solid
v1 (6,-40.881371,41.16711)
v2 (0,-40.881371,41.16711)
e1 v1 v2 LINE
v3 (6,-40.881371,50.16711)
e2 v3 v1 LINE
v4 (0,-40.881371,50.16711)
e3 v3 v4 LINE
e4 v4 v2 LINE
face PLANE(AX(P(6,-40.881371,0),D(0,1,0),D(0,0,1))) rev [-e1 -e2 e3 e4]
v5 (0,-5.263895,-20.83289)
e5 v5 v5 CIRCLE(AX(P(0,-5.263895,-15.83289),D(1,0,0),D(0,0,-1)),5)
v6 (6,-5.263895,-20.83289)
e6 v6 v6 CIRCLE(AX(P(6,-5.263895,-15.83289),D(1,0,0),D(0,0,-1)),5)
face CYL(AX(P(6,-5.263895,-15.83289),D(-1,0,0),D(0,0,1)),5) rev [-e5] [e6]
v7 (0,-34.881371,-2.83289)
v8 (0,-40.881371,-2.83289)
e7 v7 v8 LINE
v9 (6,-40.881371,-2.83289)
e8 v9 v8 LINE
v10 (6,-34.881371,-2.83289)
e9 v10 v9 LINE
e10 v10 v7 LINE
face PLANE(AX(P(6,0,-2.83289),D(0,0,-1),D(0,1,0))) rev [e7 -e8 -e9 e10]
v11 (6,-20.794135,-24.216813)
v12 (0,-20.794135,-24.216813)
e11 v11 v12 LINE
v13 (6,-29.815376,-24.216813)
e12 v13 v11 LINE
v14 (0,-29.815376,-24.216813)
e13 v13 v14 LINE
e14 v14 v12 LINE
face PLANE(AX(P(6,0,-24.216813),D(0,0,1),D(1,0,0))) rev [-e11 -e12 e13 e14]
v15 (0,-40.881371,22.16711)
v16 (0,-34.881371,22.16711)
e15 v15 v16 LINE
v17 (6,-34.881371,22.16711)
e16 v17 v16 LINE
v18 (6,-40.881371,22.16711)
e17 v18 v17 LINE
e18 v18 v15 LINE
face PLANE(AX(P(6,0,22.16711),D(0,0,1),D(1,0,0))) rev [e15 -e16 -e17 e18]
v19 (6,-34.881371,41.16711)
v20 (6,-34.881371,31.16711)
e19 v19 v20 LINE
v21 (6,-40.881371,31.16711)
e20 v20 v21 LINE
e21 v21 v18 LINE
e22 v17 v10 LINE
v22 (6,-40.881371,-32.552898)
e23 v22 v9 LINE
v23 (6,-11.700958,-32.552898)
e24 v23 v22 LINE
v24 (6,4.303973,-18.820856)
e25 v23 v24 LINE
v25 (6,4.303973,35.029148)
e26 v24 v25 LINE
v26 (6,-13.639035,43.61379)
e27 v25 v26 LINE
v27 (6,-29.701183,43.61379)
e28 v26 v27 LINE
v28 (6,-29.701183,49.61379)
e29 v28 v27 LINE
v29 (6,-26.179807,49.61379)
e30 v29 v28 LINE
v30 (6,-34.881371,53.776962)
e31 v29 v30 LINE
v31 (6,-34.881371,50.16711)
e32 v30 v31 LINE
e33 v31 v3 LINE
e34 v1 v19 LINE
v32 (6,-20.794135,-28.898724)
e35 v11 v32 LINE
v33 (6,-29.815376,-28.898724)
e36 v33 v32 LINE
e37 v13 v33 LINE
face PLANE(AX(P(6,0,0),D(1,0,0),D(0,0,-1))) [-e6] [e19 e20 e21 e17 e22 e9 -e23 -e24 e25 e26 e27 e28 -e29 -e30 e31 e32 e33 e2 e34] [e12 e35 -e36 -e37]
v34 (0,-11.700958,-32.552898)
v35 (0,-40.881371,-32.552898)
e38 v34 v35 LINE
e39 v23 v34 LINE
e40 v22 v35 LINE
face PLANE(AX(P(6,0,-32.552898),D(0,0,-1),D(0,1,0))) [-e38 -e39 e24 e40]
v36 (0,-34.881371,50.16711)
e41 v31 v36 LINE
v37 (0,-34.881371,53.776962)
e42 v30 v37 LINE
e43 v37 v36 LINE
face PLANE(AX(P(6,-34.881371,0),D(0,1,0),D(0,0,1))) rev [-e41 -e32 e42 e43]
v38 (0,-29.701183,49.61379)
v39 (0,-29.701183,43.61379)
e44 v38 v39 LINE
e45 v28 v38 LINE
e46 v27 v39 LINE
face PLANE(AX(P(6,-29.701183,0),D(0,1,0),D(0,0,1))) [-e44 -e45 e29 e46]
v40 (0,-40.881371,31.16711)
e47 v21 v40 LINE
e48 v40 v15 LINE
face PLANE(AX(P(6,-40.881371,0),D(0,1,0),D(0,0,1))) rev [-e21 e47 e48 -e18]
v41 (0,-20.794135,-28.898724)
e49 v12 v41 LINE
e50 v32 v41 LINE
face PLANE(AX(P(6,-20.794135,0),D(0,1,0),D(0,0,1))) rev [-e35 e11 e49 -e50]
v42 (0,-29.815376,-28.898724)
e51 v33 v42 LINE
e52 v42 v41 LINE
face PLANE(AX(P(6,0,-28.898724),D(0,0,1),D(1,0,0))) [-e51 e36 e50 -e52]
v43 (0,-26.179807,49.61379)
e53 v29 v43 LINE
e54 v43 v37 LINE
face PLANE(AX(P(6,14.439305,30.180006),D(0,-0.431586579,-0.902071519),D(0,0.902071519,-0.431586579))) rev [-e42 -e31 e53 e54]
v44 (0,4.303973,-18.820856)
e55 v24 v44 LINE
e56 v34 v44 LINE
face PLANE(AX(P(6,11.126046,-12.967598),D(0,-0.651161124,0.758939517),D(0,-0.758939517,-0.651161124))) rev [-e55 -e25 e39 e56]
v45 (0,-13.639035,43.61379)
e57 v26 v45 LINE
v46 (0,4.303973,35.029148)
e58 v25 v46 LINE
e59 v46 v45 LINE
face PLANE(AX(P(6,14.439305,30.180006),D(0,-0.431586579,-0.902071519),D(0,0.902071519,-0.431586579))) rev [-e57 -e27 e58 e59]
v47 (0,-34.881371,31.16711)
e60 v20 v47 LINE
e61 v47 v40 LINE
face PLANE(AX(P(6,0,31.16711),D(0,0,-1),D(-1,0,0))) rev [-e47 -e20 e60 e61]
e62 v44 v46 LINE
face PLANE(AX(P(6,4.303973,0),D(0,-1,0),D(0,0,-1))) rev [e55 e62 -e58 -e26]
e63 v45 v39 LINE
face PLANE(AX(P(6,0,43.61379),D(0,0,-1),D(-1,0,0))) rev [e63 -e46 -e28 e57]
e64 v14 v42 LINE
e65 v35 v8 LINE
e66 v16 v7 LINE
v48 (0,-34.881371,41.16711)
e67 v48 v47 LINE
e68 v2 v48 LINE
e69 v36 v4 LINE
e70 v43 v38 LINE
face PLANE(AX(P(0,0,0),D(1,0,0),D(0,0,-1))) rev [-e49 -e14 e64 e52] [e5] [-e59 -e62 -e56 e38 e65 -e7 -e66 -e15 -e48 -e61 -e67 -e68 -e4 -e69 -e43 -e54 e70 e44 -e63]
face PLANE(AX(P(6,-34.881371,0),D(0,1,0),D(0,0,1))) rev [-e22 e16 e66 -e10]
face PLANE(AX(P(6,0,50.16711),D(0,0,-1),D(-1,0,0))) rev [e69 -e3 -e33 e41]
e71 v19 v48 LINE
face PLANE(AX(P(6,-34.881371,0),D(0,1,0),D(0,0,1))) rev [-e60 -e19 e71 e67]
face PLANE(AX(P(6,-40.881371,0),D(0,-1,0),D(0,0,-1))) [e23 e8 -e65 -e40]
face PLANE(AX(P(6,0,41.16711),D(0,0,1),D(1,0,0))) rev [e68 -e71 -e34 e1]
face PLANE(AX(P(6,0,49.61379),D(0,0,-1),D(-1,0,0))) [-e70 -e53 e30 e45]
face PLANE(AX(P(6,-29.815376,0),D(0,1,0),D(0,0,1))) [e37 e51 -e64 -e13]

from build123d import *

# Parameters (mm, degrees)
SKETCH1_W           = 4.681910348
SKETCH1_H           = 9.021241889
SKETCH1_R           = 5
BOSS_EXTRUDE1_DEPTH = 6


with BuildPart() as part:
    # Sketch1 → Boss-Extrude1 (new body)
    with BuildSketch(Plane(origin=(0, 0, 0), x_dir=(0, 0, -1), z_dir=(1, 0, 0))):
        Polygon((-49.613790305, -26.17980707), (-53.776961548, -34.881370998), (-50.167110133, -34.881370998), (-50.167110133, -40.881370998), (-41.167110133, -40.881370998), (-41.167110133, -34.881370998), (-31.167110133, -34.881370998), (-31.167110133, -40.881370998), (-22.167110133, -40.881370998), (-22.167110133, -34.881370998), (2.832889867, -34.881370998), (2.832889867, -40.881370998), (32.552897546, -40.881370998), (32.552897546, -11.700957806), (18.820856333, 4.303972987), (-35.029148102, 4.303972987), (-43.613790305, -13.639034538), (-43.613790305, -29.701183485), (-49.613790305, -29.701183485), align=None)
        with Locations((26.557768442, -25.304755476)):
            Rectangle(SKETCH1_W, SKETCH1_H, mode=Mode.SUBTRACT)
        with Locations((15.832889867, -5.263895329)):
            Circle(SKETCH1_R, mode=Mode.SUBTRACT)
    extrude(amount=BOSS_EXTRUDE1_DEPTH)


solid = part.part
